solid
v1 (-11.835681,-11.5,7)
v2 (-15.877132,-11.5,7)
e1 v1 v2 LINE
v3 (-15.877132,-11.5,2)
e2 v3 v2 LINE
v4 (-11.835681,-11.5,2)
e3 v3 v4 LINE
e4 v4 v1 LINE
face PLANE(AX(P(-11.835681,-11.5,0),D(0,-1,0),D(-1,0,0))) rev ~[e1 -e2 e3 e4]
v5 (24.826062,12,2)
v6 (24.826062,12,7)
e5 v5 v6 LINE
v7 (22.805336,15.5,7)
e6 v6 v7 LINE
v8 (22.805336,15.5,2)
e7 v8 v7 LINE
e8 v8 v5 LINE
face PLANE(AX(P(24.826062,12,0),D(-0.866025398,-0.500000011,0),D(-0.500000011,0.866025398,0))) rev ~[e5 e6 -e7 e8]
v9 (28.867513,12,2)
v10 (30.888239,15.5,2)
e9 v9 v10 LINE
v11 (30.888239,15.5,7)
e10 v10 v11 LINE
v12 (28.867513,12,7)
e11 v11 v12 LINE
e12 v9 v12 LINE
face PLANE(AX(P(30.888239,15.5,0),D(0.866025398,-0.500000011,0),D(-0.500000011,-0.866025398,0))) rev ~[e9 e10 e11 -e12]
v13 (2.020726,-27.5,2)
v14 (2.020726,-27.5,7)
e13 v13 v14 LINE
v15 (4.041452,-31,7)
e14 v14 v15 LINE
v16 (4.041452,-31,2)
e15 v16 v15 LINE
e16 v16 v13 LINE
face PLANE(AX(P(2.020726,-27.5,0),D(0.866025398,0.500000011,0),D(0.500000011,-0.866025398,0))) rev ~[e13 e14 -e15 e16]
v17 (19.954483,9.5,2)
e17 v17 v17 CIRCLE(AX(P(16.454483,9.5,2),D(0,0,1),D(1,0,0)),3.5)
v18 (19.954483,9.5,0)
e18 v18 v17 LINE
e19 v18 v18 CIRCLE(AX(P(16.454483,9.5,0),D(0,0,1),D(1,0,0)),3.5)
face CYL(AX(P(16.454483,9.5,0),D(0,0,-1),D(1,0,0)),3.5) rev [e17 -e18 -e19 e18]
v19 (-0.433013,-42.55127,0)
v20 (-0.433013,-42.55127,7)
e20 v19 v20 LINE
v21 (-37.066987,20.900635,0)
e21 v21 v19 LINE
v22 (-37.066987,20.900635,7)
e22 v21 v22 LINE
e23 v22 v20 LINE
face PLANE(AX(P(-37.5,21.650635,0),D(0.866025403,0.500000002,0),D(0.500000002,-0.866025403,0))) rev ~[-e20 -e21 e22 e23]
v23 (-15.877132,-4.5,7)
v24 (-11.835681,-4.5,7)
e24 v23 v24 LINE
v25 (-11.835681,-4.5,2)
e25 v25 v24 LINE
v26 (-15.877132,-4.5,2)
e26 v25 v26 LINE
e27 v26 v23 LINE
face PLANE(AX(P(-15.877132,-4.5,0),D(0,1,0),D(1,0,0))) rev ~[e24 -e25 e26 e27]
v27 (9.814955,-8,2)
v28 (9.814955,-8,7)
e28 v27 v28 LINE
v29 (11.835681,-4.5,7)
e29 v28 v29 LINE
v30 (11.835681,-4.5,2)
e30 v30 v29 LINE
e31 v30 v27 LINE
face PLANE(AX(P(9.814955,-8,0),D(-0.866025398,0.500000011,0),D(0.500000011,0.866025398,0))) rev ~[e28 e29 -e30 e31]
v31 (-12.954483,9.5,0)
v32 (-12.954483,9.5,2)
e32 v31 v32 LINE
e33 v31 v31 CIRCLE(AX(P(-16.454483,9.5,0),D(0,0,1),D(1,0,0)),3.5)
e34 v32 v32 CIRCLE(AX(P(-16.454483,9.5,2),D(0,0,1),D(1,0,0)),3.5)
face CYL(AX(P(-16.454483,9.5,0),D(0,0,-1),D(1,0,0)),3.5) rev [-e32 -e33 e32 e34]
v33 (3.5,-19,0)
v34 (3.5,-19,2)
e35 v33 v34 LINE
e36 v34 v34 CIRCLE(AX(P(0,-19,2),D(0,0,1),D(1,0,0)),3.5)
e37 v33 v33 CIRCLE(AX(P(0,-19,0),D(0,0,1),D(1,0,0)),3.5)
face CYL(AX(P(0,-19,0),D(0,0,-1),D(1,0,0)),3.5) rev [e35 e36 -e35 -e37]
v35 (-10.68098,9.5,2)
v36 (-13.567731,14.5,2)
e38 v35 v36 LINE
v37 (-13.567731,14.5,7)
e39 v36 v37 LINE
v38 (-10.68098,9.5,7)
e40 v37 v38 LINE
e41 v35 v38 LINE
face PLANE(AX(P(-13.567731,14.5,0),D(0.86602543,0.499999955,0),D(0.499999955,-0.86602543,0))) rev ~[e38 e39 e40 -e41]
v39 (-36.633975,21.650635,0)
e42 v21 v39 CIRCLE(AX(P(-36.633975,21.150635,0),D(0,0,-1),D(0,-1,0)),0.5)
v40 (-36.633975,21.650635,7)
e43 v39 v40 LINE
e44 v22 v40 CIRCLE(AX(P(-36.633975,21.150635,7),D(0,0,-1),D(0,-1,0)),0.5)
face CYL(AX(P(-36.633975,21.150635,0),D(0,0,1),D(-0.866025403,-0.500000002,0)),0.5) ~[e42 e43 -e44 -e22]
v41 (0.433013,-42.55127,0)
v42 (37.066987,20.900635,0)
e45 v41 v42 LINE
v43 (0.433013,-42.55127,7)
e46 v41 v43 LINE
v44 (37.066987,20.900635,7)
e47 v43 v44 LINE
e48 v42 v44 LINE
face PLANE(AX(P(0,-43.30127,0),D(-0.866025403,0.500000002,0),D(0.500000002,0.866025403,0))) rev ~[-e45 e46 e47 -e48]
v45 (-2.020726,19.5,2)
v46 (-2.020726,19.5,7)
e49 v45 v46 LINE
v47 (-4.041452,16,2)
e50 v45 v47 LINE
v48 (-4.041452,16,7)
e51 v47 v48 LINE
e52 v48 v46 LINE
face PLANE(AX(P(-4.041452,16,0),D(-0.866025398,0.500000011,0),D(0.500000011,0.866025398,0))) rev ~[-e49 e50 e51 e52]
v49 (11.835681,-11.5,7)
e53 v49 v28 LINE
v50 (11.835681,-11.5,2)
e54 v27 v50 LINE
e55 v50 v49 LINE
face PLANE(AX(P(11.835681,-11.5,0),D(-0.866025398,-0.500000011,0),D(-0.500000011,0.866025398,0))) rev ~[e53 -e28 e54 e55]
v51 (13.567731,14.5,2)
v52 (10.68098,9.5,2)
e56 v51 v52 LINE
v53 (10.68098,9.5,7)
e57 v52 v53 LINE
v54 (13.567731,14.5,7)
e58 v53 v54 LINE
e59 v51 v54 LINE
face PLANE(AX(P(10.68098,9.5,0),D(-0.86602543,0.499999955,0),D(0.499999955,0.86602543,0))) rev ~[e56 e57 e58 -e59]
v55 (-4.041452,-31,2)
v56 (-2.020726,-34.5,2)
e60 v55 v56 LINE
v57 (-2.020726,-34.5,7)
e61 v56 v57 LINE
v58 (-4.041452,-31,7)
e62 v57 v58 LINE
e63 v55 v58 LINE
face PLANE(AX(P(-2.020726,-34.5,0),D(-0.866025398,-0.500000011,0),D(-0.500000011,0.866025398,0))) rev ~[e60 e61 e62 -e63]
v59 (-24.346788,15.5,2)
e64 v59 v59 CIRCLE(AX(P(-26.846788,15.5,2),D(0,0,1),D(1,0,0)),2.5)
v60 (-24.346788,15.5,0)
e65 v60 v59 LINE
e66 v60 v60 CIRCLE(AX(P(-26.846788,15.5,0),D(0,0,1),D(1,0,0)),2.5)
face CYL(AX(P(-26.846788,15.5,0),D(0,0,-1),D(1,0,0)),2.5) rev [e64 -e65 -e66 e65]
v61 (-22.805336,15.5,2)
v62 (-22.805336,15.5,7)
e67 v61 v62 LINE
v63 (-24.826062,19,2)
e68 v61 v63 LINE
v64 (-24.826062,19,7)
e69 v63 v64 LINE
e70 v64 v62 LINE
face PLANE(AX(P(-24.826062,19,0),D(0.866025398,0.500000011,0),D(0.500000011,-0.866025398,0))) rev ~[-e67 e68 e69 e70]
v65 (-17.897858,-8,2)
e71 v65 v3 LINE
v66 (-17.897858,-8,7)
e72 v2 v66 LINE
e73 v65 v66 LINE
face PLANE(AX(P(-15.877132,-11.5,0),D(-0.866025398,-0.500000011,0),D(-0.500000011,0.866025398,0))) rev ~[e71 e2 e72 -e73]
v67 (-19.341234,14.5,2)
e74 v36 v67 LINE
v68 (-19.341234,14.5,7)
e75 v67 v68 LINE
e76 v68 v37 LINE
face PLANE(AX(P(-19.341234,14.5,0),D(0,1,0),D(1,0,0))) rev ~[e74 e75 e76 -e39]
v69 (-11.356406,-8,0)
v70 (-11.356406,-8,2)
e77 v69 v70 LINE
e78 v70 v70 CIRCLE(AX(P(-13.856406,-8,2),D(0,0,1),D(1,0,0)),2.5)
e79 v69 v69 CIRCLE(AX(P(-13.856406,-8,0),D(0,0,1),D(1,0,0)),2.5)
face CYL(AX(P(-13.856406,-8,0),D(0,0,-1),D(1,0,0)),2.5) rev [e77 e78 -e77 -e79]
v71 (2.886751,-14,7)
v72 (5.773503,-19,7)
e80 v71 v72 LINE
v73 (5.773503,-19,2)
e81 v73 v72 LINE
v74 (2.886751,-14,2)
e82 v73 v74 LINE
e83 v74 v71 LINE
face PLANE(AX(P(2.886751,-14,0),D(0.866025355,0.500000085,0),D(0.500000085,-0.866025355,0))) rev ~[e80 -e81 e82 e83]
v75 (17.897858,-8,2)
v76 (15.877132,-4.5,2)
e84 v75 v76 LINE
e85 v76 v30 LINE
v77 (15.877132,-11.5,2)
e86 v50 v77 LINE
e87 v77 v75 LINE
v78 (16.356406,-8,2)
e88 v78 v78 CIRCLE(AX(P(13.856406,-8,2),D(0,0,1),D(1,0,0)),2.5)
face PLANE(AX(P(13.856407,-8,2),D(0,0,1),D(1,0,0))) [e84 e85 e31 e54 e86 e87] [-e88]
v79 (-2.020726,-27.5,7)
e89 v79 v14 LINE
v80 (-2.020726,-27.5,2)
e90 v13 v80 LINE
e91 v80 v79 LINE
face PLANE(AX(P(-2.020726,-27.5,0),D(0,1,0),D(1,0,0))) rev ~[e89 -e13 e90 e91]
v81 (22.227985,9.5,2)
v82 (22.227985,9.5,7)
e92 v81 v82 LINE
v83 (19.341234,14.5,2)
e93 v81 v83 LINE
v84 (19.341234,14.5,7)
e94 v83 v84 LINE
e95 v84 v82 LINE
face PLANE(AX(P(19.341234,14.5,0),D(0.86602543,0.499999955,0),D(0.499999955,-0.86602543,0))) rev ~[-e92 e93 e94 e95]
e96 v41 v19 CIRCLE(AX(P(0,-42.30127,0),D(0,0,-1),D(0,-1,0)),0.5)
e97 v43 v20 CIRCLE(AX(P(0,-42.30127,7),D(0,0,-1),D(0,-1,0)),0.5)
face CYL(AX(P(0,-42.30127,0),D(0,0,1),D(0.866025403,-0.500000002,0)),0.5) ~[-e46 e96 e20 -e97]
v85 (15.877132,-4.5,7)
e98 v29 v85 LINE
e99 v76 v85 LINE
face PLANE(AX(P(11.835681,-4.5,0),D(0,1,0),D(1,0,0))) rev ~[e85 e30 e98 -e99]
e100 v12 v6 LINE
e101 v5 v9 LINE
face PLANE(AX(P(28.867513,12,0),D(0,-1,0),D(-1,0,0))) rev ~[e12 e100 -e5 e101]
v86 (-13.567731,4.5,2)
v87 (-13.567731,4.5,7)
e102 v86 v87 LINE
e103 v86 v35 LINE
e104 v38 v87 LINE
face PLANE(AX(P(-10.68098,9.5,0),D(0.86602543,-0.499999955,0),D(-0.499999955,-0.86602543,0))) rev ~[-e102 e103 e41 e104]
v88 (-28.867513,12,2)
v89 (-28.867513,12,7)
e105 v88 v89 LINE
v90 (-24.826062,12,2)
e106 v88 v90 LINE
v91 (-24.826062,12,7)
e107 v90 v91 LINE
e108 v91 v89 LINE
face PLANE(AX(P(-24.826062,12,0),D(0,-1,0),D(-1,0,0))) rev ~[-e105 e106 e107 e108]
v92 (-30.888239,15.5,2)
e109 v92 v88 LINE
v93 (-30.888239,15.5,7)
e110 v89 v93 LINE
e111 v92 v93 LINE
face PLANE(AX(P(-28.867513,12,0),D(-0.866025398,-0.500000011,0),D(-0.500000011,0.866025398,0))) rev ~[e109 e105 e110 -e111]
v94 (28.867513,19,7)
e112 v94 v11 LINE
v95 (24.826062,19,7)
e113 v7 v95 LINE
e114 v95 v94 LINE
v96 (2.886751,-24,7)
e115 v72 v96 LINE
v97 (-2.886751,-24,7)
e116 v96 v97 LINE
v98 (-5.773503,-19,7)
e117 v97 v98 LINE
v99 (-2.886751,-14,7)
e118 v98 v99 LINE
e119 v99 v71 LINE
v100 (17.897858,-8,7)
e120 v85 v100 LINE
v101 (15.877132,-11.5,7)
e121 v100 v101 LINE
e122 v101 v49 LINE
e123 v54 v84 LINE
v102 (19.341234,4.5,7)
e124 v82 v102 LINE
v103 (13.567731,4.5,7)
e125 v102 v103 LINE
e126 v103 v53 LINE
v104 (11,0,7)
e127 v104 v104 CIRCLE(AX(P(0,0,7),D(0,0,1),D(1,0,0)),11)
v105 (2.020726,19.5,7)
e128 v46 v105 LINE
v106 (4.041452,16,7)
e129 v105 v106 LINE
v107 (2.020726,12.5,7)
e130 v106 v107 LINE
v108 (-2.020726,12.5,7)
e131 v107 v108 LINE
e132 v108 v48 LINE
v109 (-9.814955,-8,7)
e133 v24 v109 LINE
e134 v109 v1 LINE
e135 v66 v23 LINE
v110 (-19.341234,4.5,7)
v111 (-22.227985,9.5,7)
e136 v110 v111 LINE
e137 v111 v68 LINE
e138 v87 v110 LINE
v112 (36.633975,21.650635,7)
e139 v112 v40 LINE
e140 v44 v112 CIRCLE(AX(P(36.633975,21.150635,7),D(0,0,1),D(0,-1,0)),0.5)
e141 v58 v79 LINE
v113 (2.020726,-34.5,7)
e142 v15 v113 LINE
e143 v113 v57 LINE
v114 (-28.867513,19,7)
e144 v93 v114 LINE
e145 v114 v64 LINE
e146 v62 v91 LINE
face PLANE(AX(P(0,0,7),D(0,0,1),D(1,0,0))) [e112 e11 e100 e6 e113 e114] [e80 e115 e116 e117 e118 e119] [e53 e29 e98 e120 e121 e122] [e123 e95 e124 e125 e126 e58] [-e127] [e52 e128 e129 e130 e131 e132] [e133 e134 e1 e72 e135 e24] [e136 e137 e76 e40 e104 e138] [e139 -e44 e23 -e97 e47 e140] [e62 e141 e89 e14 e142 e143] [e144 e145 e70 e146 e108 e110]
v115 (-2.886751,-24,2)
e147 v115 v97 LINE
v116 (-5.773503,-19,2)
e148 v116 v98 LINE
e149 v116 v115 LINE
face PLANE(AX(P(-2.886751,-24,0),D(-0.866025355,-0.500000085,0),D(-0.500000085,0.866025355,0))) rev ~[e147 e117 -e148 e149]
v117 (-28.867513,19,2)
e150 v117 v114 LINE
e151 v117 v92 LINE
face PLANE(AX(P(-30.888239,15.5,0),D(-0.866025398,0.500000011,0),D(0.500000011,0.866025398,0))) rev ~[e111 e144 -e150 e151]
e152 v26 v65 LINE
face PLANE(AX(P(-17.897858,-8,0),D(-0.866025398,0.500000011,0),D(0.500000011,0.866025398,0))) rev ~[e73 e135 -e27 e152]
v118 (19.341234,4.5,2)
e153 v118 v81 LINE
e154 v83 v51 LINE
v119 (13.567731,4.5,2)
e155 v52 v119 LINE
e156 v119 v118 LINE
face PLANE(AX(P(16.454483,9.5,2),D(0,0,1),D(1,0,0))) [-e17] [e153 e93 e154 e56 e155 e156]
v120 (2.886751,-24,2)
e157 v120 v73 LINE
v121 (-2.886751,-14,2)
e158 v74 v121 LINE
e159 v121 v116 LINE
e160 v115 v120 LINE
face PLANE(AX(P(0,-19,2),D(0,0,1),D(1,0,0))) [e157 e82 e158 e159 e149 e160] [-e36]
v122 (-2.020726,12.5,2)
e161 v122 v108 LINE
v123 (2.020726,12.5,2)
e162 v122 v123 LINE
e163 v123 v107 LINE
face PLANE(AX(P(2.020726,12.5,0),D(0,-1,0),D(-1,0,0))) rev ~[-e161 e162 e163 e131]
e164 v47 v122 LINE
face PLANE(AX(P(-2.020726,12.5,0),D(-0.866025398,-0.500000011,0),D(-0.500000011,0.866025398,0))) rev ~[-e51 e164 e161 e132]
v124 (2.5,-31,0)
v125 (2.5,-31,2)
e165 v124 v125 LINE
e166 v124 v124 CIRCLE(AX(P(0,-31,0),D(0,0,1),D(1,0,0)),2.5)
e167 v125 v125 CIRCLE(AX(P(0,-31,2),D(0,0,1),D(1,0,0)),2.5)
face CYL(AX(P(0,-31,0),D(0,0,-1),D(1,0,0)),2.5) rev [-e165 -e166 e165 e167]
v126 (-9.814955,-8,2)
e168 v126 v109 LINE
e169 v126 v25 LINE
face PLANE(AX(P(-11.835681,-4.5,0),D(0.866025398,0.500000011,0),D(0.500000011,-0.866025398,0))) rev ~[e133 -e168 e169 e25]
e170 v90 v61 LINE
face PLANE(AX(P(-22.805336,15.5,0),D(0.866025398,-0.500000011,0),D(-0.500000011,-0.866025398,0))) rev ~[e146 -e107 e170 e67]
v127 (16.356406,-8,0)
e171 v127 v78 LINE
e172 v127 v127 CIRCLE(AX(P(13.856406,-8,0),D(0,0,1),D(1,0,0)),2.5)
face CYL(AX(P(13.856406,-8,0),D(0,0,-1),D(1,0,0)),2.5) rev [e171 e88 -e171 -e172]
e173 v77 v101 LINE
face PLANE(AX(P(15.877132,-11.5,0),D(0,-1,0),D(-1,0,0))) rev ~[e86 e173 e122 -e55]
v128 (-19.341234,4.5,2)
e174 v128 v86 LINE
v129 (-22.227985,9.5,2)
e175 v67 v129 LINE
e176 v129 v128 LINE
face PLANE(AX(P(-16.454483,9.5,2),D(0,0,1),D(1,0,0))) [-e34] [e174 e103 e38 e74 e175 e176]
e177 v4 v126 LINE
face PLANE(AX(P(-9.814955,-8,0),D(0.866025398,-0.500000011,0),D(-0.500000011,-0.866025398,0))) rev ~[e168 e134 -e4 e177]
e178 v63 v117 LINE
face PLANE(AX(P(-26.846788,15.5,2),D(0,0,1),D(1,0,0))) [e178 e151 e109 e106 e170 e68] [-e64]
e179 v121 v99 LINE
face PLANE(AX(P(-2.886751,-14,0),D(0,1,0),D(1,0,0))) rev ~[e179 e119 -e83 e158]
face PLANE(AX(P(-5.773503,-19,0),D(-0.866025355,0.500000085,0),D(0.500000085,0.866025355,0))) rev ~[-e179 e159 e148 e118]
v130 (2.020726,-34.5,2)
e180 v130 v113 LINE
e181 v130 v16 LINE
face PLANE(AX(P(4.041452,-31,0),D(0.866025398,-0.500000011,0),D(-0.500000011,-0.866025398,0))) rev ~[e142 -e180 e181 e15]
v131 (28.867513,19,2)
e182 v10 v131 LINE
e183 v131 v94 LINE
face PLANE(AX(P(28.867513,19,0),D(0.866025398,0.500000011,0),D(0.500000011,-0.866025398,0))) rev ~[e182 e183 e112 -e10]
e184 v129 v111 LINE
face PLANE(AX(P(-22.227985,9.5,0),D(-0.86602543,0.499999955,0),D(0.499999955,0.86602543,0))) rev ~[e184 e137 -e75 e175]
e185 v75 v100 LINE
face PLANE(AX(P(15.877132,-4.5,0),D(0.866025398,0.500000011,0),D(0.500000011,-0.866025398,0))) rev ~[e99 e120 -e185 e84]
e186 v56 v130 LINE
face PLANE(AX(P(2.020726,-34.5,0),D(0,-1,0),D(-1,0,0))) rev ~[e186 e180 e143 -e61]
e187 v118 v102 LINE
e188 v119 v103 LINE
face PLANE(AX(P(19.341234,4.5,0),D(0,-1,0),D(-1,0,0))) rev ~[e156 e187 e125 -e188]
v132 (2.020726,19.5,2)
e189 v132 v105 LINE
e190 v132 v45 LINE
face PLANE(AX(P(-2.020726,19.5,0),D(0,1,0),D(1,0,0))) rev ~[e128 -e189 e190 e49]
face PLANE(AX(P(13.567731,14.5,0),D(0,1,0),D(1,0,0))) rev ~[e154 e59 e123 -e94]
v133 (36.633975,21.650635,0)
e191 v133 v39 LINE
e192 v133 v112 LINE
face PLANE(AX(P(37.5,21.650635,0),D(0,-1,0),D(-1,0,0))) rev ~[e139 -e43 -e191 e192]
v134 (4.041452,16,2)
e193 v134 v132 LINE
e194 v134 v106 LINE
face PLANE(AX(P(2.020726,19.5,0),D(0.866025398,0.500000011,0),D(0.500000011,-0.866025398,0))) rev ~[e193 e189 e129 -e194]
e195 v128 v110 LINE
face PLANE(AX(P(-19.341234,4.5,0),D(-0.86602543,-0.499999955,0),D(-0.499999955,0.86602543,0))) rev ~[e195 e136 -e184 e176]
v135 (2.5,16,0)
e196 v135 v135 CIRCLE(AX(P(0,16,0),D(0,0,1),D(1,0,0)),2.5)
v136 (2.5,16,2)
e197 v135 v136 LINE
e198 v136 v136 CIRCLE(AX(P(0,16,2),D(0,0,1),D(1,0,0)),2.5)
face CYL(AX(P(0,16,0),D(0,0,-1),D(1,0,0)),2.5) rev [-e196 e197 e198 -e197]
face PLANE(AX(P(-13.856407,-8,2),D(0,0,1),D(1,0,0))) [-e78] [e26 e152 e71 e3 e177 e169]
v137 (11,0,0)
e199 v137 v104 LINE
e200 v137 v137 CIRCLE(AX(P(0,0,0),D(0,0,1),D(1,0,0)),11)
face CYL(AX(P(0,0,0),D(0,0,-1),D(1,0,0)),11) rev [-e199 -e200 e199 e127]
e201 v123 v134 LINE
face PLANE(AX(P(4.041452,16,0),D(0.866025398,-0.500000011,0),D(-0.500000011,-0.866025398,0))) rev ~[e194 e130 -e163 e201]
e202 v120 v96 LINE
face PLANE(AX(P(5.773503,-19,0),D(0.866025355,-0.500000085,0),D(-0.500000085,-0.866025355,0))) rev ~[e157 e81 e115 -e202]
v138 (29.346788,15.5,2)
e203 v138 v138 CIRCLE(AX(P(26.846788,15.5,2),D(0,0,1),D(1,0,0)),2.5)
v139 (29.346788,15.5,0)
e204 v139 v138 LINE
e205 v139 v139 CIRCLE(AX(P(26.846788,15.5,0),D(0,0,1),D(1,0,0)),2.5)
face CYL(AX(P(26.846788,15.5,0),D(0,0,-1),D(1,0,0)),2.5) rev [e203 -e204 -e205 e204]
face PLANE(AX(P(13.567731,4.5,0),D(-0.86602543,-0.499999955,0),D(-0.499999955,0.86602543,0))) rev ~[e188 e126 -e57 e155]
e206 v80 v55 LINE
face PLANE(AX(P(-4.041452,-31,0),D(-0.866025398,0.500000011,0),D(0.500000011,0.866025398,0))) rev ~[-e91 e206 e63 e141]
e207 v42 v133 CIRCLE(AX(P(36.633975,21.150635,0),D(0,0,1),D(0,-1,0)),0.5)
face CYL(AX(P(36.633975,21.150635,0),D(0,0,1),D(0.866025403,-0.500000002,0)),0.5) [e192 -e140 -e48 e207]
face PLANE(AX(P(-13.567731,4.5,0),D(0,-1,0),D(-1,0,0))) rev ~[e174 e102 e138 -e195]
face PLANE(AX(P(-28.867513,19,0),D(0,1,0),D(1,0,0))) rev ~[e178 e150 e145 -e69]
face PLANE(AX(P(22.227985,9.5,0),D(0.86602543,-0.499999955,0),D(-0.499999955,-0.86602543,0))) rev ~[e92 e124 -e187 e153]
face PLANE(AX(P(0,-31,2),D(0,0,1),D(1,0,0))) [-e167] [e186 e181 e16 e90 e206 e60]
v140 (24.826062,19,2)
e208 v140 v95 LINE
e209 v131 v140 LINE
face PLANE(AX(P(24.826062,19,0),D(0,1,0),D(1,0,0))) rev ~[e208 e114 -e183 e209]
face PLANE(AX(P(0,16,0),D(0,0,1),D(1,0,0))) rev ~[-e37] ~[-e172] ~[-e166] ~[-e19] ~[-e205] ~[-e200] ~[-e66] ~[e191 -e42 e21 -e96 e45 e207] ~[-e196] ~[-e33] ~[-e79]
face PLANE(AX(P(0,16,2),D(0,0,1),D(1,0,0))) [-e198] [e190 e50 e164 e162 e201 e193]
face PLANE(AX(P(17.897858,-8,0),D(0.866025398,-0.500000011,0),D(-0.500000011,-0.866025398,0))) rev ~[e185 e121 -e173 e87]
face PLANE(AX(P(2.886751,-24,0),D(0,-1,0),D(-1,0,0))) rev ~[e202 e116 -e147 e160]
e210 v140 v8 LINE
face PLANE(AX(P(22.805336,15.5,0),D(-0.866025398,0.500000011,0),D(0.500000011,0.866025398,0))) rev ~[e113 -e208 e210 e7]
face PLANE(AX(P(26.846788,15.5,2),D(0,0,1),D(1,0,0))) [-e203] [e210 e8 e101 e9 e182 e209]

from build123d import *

# Parameters (mm, degrees)
F0_R     = 11
F1_DEPTH = 7
F2_R     = 0.5
F0_R_2   = 2.5
F0_R_3   = 3.5
F3_DEPTH = 2


with BuildPart() as f1:
    # F0 (on Top) → F1 (new body)
    with BuildSketch(Plane.XY):
        Polygon((0, -43.30127), (37.5, 21.650635), (-37.5, 21.650635), align=None)
        Polygon((4.041452, -31), (2.020726, -34.5), (-2.020726, -34.5), (-4.041452, -31), (-2.020726, -27.5), (2.020726, -27.5), align=None, mode=Mode.SUBTRACT)
        Polygon((2.886751, -14), (5.773503, -19), (2.886751, -24), (-2.886751, -24), (-5.773503, -19), (-2.886751, -14), align=None, mode=Mode.SUBTRACT)
        Polygon((-9.814955, -8), (-11.835681, -11.5), (-15.877132, -11.5), (-17.897858, -8), (-15.877132, -4.5), (-11.835681, -4.5), align=None, mode=Mode.SUBTRACT)
        Polygon((-22.805336, 15.5), (-24.826062, 12), (-28.867513, 12), (-30.888239, 15.5), (-28.867513, 19), (-24.826062, 19), align=None, mode=Mode.SUBTRACT)
        Polygon((-13.567731, 4.5), (-19.341234, 4.5), (-22.227985, 9.5), (-19.341234, 14.5), (-13.567731, 14.5), (-10.68098, 9.5), align=None, mode=Mode.SUBTRACT)
        Polygon((9.814955, -8), (11.835681, -4.5), (15.877132, -4.5), (17.897858, -8), (15.877132, -11.5), (11.835681, -11.5), align=None, mode=Mode.SUBTRACT)
        Circle(F0_R, mode=Mode.SUBTRACT)
        Polygon((22.227985, 9.5), (19.341234, 4.5), (13.567731, 4.5), (10.68098, 9.5), (13.567731, 14.5), (19.341234, 14.5), align=None, mode=Mode.SUBTRACT)
        Polygon((-2.020726, 19.5), (2.020726, 19.5), (4.041452, 16), (2.020726, 12.5), (-2.020726, 12.5), (-4.041452, 16), align=None, mode=Mode.SUBTRACT)
        Polygon((30.888239, 15.5), (28.867513, 12), (24.826062, 12), (22.805336, 15.5), (24.826062, 19), (28.867513, 19), align=None, mode=Mode.SUBTRACT)
    extrude(amount=F1_DEPTH)

    # F2
    f2_edges = [f1.edges().sort_by_distance(p)[0] for p in [
        (0, -43.30127, 3.5),
        (-37.5, 21.650635, 3.5),
        (37.5, 21.650635, 3.5),
    ]]
    fillet(f2_edges, radius=F2_R)

    # F0 (on Top) → F3 (join)
    with BuildSketch(Plane.XY):
        Polygon((4.041452, 16), (2.020726, 19.5), (-2.020726, 19.5), (-4.041452, 16), (-2.020726, 12.5), (2.020726, 12.5), align=None)
        with Locations((0, 16)):
            Circle(F0_R_2, mode=Mode.SUBTRACT)
        Polygon((-22.227985, 9.5), (-19.341234, 4.5), (-13.567731, 4.5), (-10.68098, 9.5), (-13.567731, 14.5), (-19.341234, 14.5), align=None)
        with Locations((-16.454483, 9.5)):
            Circle(F0_R_3, mode=Mode.SUBTRACT)
        Polygon((-15.877132, -11.5), (-11.835681, -11.5), (-9.814955, -8), (-11.835681, -4.5), (-15.877132, -4.5), (-17.897858, -8), align=None)
        with Locations((-13.856406, -8)):
            Circle(F0_R_2, mode=Mode.SUBTRACT)
        Polygon((-28.867513, 12), (-24.826062, 12), (-22.805336, 15.5), (-24.826062, 19), (-28.867513, 19), (-30.888239, 15.5), align=None)
        with Locations((-26.846788, 15.5)):
            Circle(F0_R_2, mode=Mode.SUBTRACT)
        Polygon((2.886751, -24), (5.773503, -19), (2.886751, -14), (-2.886751, -14), (-5.773503, -19), (-2.886751, -24), align=None)
        with Locations((0, -19)):
            Circle(F0_R_3, mode=Mode.SUBTRACT)
        Polygon((-2.020726, -34.5), (2.020726, -34.5), (4.041452, -31), (2.020726, -27.5), (-2.020726, -27.5), (-4.041452, -31), align=None)
        with Locations((0, -31)):
            Circle(F0_R_2, mode=Mode.SUBTRACT)
        Polygon((15.877132, -4.5), (11.835681, -4.5), (9.814955, -8), (11.835681, -11.5), (15.877132, -11.5), (17.897858, -8), align=None)
        with Locations((13.856406, -8)):
            Circle(F0_R_2, mode=Mode.SUBTRACT)
        Polygon((13.567731, 4.5), (19.341234, 4.5), (22.227985, 9.5), (19.341234, 14.5), (13.567731, 14.5), (10.68098, 9.5), align=None)
        with Locations((16.454483, 9.5)):
            Circle(F0_R_3, mode=Mode.SUBTRACT)
        Polygon((24.826062, 12), (28.867513, 12), (30.888239, 15.5), (28.867513, 19), (24.826062, 19), (22.805336, 15.5), align=None)
        with Locations((26.846788, 15.5)):
            Circle(F0_R_2, mode=Mode.SUBTRACT)
    extrude(amount=F3_DEPTH)


solid = f1.part
